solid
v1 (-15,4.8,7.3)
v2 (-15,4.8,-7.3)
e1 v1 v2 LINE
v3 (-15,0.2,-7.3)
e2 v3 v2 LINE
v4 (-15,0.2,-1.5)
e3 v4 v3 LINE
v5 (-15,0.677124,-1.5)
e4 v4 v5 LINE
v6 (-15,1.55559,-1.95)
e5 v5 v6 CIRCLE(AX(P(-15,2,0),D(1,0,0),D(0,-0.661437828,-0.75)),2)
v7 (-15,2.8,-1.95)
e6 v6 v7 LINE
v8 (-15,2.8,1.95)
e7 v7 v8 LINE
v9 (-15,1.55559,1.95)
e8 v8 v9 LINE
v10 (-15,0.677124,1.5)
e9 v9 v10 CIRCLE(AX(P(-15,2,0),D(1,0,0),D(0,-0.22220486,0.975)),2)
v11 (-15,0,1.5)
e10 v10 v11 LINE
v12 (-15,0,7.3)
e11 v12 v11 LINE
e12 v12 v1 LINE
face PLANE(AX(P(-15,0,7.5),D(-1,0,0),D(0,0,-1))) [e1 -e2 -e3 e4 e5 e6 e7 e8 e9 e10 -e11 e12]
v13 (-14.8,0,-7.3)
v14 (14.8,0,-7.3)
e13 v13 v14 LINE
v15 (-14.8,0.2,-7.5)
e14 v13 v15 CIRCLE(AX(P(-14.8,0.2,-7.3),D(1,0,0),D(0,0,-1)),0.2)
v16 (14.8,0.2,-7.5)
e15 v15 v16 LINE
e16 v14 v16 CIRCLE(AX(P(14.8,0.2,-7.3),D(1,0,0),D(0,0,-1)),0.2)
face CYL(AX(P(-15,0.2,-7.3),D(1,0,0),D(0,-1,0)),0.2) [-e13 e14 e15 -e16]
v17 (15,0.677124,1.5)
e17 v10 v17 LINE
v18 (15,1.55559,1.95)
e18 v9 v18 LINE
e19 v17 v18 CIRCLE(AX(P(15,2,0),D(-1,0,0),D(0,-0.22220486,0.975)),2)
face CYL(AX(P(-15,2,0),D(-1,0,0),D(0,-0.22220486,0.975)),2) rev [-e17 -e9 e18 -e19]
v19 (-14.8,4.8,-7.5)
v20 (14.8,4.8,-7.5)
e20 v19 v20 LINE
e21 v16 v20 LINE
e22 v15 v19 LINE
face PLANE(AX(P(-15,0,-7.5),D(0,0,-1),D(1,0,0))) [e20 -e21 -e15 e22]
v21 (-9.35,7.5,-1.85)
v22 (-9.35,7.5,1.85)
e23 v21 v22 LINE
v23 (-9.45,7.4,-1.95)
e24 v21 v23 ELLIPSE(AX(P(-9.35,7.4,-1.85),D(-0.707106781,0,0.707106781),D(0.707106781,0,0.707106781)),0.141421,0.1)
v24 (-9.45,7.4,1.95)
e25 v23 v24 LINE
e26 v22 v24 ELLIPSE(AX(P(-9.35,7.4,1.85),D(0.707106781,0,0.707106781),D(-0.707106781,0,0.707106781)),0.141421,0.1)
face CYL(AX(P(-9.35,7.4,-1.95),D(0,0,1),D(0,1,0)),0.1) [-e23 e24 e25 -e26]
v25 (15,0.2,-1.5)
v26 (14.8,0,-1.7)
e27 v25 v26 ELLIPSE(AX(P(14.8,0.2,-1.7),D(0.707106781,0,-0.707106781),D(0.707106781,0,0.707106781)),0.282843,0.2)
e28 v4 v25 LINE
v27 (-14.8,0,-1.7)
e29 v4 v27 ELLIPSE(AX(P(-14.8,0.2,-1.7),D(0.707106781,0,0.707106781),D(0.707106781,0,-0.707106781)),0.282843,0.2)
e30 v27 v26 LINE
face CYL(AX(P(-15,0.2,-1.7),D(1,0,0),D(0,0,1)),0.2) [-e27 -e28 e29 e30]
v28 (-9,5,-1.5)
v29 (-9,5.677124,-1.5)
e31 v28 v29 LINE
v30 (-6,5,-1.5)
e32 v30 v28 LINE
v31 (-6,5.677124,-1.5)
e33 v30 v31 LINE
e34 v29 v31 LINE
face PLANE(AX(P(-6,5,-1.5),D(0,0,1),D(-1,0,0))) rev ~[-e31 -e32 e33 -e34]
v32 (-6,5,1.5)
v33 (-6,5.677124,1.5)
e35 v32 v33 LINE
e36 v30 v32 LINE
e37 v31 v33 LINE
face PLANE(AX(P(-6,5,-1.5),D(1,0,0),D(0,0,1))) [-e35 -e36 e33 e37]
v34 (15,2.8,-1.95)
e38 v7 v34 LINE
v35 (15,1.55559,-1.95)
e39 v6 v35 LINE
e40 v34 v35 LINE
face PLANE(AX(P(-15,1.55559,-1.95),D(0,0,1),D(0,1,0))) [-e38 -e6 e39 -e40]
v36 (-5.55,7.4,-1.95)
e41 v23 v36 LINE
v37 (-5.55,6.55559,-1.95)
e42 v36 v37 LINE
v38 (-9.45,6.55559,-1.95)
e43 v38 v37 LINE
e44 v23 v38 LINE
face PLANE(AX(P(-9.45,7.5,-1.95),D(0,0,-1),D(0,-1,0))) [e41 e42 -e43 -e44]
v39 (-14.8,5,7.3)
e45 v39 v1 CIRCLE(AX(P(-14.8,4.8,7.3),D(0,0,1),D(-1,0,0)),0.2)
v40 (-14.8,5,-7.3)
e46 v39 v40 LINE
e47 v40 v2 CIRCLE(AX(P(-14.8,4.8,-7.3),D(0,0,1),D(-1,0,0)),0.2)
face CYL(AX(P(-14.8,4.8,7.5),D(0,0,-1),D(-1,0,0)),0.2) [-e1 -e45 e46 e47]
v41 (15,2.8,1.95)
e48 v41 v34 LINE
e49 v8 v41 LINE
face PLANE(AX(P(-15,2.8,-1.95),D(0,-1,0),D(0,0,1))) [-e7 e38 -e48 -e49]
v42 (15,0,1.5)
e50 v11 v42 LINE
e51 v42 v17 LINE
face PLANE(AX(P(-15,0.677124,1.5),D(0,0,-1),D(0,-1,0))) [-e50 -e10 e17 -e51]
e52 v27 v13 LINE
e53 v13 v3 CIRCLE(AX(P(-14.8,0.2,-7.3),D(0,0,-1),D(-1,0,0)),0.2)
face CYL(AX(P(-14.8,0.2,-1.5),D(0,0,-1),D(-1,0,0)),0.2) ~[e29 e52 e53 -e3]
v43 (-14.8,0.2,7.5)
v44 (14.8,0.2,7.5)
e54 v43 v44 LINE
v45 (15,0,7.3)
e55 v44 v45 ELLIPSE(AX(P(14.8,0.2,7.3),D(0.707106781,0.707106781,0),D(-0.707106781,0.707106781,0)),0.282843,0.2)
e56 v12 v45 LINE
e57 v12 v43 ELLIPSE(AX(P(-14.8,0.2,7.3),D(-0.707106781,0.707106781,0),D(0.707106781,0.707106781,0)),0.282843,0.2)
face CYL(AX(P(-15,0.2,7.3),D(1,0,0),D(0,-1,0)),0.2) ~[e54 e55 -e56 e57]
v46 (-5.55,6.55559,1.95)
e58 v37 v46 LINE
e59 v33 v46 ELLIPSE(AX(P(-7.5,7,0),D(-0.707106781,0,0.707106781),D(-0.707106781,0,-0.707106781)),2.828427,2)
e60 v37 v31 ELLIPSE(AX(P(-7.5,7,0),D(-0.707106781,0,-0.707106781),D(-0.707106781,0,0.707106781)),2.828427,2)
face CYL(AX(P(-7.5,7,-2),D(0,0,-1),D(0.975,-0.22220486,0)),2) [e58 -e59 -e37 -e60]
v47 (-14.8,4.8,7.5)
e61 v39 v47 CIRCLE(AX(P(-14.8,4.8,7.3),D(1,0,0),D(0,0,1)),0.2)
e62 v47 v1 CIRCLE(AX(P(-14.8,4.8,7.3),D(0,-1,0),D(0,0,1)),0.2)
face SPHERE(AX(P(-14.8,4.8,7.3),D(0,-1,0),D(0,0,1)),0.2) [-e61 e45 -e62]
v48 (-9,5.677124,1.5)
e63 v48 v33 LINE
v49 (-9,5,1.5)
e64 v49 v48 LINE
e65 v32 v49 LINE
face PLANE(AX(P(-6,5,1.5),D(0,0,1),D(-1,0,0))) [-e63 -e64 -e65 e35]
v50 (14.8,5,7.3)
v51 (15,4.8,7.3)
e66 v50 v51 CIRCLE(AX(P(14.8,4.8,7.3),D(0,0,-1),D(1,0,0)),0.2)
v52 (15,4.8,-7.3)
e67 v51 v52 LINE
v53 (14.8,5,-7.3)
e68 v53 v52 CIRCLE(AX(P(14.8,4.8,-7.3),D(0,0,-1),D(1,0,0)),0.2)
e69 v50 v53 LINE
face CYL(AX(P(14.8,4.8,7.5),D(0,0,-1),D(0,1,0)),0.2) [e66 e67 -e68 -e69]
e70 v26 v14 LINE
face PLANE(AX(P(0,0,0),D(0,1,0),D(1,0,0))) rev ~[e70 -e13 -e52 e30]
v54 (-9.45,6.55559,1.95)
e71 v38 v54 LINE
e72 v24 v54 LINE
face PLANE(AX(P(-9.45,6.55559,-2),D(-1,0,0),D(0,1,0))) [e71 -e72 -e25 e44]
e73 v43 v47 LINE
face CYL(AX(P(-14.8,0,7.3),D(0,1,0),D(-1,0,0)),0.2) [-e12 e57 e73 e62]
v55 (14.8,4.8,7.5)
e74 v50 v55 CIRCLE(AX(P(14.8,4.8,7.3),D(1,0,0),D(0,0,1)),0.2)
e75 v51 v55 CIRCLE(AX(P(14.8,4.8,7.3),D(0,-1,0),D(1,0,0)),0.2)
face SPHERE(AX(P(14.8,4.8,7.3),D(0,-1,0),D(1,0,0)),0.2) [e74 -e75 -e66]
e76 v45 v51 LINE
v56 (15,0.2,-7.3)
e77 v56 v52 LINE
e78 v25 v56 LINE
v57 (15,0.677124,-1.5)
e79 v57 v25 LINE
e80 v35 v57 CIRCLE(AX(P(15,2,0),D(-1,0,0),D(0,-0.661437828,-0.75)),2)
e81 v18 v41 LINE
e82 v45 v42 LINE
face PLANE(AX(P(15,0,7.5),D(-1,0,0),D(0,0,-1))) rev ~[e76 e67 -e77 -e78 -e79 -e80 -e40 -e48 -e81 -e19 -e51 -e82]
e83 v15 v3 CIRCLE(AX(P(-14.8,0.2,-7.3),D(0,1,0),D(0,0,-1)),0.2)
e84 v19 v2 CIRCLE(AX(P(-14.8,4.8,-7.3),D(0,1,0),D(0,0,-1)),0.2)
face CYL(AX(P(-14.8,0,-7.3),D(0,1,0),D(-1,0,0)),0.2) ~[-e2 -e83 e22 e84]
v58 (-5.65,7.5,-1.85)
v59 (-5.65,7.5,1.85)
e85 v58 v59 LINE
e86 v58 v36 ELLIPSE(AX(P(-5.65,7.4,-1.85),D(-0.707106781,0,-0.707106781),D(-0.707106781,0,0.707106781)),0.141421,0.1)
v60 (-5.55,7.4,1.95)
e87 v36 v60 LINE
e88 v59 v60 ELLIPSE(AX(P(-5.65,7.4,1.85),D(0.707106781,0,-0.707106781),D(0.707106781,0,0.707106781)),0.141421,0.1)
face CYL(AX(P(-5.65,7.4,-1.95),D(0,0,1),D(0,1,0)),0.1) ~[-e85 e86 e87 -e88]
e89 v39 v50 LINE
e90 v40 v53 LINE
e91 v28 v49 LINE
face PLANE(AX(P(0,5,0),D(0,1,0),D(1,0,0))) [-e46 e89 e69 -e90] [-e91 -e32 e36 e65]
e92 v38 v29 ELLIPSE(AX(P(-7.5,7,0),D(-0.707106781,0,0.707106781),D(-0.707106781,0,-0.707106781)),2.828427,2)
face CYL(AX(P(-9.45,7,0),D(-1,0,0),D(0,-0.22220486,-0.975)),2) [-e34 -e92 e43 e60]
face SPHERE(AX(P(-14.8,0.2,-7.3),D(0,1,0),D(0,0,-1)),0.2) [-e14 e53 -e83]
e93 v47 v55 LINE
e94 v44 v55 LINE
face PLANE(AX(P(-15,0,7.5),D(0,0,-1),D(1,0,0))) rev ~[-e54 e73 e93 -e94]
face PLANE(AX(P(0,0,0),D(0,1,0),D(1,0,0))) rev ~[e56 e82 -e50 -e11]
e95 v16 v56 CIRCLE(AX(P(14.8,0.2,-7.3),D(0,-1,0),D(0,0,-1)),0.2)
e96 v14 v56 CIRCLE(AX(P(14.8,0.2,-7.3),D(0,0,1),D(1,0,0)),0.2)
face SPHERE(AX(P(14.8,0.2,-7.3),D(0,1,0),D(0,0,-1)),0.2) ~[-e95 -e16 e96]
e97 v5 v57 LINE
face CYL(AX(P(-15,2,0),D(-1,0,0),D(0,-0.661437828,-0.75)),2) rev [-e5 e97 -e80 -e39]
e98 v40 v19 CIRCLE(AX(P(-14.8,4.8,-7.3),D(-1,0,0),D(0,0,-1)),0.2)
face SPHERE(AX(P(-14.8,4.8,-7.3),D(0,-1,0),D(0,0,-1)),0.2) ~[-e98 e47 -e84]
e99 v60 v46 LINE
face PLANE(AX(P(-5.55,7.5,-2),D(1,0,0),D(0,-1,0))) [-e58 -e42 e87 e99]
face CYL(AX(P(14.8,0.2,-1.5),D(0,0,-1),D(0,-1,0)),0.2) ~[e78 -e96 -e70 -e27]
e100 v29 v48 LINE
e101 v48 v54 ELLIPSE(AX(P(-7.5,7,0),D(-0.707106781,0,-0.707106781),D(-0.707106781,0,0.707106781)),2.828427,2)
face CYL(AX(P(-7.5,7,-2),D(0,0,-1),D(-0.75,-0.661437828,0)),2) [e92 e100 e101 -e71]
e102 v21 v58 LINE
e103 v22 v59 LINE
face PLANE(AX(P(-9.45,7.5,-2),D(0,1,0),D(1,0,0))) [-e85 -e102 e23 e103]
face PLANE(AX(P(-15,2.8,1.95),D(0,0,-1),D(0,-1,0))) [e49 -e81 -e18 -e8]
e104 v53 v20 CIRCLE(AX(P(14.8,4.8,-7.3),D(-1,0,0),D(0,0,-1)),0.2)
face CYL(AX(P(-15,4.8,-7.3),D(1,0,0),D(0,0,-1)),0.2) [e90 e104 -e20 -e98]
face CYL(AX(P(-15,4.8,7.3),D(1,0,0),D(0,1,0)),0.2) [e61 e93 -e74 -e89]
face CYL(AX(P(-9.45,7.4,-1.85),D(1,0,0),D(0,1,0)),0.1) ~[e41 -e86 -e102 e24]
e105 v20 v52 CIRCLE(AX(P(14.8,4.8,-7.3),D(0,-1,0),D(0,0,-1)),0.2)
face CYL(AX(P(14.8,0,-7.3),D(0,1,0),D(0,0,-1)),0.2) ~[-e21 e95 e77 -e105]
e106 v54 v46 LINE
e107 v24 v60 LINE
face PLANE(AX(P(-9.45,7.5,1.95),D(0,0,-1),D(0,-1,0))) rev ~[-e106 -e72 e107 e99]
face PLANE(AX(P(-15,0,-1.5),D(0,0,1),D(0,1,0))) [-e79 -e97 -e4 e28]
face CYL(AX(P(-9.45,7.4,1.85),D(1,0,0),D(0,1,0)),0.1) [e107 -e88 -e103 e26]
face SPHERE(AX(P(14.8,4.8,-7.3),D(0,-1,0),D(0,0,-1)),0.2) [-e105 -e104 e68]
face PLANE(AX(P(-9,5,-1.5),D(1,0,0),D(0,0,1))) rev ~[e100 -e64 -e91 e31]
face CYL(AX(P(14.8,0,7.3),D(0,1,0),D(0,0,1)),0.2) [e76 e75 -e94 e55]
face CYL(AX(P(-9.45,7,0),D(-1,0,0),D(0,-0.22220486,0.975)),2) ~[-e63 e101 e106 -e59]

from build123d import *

# Parameters (mm, degrees)
SKETCH_1_W           = 30
SKETCH_1_H           = 15
EXTRUDE_1_DEPTH      = 5
CUT_EXTRUDE_1_REACH  = 33.325
FILLET_1_R           = 0.2
SKETCH_3_W           = 3
SKETCH_3_H           = 3
EXTRUDE_2_DEPTH      = 1
EXTRUDE_3_DEPTH      = 2
EXTRUDE_3_DEPTH_BACK = 2
CUT_EXTRUDE_2_REACH  = 28.652
FILLET_2_R           = 0.1


with BuildPart() as part:
    # 草图1 → 凸台-拉伸1 (new body)
    with BuildSketch(Plane(origin=(0, 0, 0), x_dir=(1, 0, 0), z_dir=(0, 1, 0))):
        Rectangle(SKETCH_1_W, SKETCH_1_H)
    extrude(amount=EXTRUDE_1_DEPTH)

    # 草图2 → 切除-拉伸1 (cut, up to next)
    with BuildSketch(Plane.ZY.offset(15), mode=Mode.PRIVATE) as cut_extrude_1_sk1:
        with BuildLine():
            Line((-1.5, 0), (-1.5, 0.677124344))
            ThreePointArc((-1.5, 0.677124344), (-1.780042303, 1.088161527), (-1.95, 1.555590279))
            Line((-1.95, 1.555590279), (-1.95, 2.8))
            Line((-1.95, 2.8), (1.95, 2.8))
            Line((1.95, 2.8), (1.95, 1.555590279))
            ThreePointArc((1.95, 1.555590279), (1.780042303, 1.088161527), (1.5, 0.677124344))
            Line((1.5, 0.677124344), (1.5, 0))
            Line((1.5, 0), (-1.5, 0))
        make_face()
    cut_extrude_1_tool1 = extrude(cut_extrude_1_sk1.sketch, amount=-CUT_EXTRUDE_1_REACH, mode=Mode.PRIVATE) & part.part
    add(cut_extrude_1_tool1.solids().sort_by_distance((-15, 1.479302, 0))[0], mode=Mode.SUBTRACT)

    # 圆角1
    fillet_1_edges = [part.edges().sort_by_distance(p)[0] for p in [
        (15, 2.5, -7.5),
        (-15, 2.5, -7.5),
        (0, 0, -7.5),
        (-15, 0, -4.5),
        (0, 0, -1.5),
        (-15, 2.5, 7.5),
        (15, 2.5, 7.5),
        (0, 0, 7.5),
        (0, 5, -7.5),
        (15, 5, 0),
        (0, 5, 7.5),
        (-15, 5, 0),
        (15, 0, -4.5),
    ]]
    fillet(fillet_1_edges, radius=FILLET_1_R)

    # 草图3 → 凸台-拉伸2 (add)
    with BuildSketch(Plane(origin=(0, 5, 0), x_dir=(-1, 0, 0), z_dir=(0, 1, 0))):
        with Locations((7.5, 0)):
            Rectangle(SKETCH_3_W, SKETCH_3_H)
    extrude(amount=EXTRUDE_2_DEPTH)

    # 草图4 → 凸台-拉伸3 (add, two sides: drawn at the far end of the back side and taken through both)
    with BuildSketch(Plane.XY.offset(-EXTRUDE_3_DEPTH_BACK)):
        with BuildLine():
            Line((-9.45, 7.5), (-5.55, 7.5))
            Line((-5.55, 7.5), (-5.55, 6.555590279))
            ThreePointArc((-5.55, 6.555590279), (-5.719957697, 6.088161527), (-6, 5.677124344))
            Line((-6, 5.677124344), (-9, 5.677124344))
            ThreePointArc((-9, 5.677124344), (-9.280042303, 6.088161527), (-9.45, 6.555590279))
            Line((-9.45, 6.555590279), (-9.45, 7.5))
        make_face()
    extrude(amount=EXTRUDE_3_DEPTH + EXTRUDE_3_DEPTH_BACK)

    # 草图5 → 切除-拉伸2 (cut, up to next)
    with BuildSketch(Plane.ZY.offset(9.45), mode=Mode.PRIVATE) as cut_extrude_2_sk1:
        with BuildLine():
            Line((-1.95, 7.5), (-1.95, 6.555590279))
            ThreePointArc((-1.95, 6.555590279), (-1.780042303, 6.088161527), (-1.5, 5.677124344))
            Line((-1.5, 5.677124344), (-2, 5.677124344))
            Line((-2, 5.677124344), (-2, 7.5))
            Line((-2, 7.5), (-1.95, 7.5))
        make_face()
    cut_extrude_2_tool1 = extrude(cut_extrude_2_sk1.sketch, amount=-CUT_EXTRUDE_2_REACH, mode=Mode.PRIVATE) & part.part
    # 草图5 → 切除-拉伸2 (cut, up to next)
    with BuildSketch(Plane.ZY.offset(9.45), mode=Mode.PRIVATE) as cut_extrude_2_sk2:
        with BuildLine():
            Line((2, 5.677124344), (2, 7.5))
            Line((2, 7.5), (1.95, 7.5))
            Line((1.95, 7.5), (1.95, 6.555590279))
            ThreePointArc((1.95, 6.555590279), (1.780042303, 6.088161527), (1.5, 5.677124344))
            Line((1.5, 5.677124344), (2, 5.677124344))
        make_face()
    cut_extrude_2_tool2 = extrude(cut_extrude_2_sk2.sketch, amount=-CUT_EXTRUDE_2_REACH, mode=Mode.PRIVATE) & part.part
    add(cut_extrude_2_tool1.solids().sort_by_distance((-9.45, 6.175075, -1.873038))[0], mode=Mode.SUBTRACT)
    add(cut_extrude_2_tool2.solids().sort_by_distance((-9.45, 6.175075, 1.873038))[0], mode=Mode.SUBTRACT)

    # 圆角2
    fillet_2_edges = [part.edges().sort_by_distance(p)[0] for p in [
        (-5.55, 7.5, 0),
        (-9.45, 7.5, 0),
        (-7.5, 7.5, -1.95),
        (-7.5, 7.5, 1.95),
    ]]
    fillet(fillet_2_edges, radius=FILLET_2_R)


solid = part.part
